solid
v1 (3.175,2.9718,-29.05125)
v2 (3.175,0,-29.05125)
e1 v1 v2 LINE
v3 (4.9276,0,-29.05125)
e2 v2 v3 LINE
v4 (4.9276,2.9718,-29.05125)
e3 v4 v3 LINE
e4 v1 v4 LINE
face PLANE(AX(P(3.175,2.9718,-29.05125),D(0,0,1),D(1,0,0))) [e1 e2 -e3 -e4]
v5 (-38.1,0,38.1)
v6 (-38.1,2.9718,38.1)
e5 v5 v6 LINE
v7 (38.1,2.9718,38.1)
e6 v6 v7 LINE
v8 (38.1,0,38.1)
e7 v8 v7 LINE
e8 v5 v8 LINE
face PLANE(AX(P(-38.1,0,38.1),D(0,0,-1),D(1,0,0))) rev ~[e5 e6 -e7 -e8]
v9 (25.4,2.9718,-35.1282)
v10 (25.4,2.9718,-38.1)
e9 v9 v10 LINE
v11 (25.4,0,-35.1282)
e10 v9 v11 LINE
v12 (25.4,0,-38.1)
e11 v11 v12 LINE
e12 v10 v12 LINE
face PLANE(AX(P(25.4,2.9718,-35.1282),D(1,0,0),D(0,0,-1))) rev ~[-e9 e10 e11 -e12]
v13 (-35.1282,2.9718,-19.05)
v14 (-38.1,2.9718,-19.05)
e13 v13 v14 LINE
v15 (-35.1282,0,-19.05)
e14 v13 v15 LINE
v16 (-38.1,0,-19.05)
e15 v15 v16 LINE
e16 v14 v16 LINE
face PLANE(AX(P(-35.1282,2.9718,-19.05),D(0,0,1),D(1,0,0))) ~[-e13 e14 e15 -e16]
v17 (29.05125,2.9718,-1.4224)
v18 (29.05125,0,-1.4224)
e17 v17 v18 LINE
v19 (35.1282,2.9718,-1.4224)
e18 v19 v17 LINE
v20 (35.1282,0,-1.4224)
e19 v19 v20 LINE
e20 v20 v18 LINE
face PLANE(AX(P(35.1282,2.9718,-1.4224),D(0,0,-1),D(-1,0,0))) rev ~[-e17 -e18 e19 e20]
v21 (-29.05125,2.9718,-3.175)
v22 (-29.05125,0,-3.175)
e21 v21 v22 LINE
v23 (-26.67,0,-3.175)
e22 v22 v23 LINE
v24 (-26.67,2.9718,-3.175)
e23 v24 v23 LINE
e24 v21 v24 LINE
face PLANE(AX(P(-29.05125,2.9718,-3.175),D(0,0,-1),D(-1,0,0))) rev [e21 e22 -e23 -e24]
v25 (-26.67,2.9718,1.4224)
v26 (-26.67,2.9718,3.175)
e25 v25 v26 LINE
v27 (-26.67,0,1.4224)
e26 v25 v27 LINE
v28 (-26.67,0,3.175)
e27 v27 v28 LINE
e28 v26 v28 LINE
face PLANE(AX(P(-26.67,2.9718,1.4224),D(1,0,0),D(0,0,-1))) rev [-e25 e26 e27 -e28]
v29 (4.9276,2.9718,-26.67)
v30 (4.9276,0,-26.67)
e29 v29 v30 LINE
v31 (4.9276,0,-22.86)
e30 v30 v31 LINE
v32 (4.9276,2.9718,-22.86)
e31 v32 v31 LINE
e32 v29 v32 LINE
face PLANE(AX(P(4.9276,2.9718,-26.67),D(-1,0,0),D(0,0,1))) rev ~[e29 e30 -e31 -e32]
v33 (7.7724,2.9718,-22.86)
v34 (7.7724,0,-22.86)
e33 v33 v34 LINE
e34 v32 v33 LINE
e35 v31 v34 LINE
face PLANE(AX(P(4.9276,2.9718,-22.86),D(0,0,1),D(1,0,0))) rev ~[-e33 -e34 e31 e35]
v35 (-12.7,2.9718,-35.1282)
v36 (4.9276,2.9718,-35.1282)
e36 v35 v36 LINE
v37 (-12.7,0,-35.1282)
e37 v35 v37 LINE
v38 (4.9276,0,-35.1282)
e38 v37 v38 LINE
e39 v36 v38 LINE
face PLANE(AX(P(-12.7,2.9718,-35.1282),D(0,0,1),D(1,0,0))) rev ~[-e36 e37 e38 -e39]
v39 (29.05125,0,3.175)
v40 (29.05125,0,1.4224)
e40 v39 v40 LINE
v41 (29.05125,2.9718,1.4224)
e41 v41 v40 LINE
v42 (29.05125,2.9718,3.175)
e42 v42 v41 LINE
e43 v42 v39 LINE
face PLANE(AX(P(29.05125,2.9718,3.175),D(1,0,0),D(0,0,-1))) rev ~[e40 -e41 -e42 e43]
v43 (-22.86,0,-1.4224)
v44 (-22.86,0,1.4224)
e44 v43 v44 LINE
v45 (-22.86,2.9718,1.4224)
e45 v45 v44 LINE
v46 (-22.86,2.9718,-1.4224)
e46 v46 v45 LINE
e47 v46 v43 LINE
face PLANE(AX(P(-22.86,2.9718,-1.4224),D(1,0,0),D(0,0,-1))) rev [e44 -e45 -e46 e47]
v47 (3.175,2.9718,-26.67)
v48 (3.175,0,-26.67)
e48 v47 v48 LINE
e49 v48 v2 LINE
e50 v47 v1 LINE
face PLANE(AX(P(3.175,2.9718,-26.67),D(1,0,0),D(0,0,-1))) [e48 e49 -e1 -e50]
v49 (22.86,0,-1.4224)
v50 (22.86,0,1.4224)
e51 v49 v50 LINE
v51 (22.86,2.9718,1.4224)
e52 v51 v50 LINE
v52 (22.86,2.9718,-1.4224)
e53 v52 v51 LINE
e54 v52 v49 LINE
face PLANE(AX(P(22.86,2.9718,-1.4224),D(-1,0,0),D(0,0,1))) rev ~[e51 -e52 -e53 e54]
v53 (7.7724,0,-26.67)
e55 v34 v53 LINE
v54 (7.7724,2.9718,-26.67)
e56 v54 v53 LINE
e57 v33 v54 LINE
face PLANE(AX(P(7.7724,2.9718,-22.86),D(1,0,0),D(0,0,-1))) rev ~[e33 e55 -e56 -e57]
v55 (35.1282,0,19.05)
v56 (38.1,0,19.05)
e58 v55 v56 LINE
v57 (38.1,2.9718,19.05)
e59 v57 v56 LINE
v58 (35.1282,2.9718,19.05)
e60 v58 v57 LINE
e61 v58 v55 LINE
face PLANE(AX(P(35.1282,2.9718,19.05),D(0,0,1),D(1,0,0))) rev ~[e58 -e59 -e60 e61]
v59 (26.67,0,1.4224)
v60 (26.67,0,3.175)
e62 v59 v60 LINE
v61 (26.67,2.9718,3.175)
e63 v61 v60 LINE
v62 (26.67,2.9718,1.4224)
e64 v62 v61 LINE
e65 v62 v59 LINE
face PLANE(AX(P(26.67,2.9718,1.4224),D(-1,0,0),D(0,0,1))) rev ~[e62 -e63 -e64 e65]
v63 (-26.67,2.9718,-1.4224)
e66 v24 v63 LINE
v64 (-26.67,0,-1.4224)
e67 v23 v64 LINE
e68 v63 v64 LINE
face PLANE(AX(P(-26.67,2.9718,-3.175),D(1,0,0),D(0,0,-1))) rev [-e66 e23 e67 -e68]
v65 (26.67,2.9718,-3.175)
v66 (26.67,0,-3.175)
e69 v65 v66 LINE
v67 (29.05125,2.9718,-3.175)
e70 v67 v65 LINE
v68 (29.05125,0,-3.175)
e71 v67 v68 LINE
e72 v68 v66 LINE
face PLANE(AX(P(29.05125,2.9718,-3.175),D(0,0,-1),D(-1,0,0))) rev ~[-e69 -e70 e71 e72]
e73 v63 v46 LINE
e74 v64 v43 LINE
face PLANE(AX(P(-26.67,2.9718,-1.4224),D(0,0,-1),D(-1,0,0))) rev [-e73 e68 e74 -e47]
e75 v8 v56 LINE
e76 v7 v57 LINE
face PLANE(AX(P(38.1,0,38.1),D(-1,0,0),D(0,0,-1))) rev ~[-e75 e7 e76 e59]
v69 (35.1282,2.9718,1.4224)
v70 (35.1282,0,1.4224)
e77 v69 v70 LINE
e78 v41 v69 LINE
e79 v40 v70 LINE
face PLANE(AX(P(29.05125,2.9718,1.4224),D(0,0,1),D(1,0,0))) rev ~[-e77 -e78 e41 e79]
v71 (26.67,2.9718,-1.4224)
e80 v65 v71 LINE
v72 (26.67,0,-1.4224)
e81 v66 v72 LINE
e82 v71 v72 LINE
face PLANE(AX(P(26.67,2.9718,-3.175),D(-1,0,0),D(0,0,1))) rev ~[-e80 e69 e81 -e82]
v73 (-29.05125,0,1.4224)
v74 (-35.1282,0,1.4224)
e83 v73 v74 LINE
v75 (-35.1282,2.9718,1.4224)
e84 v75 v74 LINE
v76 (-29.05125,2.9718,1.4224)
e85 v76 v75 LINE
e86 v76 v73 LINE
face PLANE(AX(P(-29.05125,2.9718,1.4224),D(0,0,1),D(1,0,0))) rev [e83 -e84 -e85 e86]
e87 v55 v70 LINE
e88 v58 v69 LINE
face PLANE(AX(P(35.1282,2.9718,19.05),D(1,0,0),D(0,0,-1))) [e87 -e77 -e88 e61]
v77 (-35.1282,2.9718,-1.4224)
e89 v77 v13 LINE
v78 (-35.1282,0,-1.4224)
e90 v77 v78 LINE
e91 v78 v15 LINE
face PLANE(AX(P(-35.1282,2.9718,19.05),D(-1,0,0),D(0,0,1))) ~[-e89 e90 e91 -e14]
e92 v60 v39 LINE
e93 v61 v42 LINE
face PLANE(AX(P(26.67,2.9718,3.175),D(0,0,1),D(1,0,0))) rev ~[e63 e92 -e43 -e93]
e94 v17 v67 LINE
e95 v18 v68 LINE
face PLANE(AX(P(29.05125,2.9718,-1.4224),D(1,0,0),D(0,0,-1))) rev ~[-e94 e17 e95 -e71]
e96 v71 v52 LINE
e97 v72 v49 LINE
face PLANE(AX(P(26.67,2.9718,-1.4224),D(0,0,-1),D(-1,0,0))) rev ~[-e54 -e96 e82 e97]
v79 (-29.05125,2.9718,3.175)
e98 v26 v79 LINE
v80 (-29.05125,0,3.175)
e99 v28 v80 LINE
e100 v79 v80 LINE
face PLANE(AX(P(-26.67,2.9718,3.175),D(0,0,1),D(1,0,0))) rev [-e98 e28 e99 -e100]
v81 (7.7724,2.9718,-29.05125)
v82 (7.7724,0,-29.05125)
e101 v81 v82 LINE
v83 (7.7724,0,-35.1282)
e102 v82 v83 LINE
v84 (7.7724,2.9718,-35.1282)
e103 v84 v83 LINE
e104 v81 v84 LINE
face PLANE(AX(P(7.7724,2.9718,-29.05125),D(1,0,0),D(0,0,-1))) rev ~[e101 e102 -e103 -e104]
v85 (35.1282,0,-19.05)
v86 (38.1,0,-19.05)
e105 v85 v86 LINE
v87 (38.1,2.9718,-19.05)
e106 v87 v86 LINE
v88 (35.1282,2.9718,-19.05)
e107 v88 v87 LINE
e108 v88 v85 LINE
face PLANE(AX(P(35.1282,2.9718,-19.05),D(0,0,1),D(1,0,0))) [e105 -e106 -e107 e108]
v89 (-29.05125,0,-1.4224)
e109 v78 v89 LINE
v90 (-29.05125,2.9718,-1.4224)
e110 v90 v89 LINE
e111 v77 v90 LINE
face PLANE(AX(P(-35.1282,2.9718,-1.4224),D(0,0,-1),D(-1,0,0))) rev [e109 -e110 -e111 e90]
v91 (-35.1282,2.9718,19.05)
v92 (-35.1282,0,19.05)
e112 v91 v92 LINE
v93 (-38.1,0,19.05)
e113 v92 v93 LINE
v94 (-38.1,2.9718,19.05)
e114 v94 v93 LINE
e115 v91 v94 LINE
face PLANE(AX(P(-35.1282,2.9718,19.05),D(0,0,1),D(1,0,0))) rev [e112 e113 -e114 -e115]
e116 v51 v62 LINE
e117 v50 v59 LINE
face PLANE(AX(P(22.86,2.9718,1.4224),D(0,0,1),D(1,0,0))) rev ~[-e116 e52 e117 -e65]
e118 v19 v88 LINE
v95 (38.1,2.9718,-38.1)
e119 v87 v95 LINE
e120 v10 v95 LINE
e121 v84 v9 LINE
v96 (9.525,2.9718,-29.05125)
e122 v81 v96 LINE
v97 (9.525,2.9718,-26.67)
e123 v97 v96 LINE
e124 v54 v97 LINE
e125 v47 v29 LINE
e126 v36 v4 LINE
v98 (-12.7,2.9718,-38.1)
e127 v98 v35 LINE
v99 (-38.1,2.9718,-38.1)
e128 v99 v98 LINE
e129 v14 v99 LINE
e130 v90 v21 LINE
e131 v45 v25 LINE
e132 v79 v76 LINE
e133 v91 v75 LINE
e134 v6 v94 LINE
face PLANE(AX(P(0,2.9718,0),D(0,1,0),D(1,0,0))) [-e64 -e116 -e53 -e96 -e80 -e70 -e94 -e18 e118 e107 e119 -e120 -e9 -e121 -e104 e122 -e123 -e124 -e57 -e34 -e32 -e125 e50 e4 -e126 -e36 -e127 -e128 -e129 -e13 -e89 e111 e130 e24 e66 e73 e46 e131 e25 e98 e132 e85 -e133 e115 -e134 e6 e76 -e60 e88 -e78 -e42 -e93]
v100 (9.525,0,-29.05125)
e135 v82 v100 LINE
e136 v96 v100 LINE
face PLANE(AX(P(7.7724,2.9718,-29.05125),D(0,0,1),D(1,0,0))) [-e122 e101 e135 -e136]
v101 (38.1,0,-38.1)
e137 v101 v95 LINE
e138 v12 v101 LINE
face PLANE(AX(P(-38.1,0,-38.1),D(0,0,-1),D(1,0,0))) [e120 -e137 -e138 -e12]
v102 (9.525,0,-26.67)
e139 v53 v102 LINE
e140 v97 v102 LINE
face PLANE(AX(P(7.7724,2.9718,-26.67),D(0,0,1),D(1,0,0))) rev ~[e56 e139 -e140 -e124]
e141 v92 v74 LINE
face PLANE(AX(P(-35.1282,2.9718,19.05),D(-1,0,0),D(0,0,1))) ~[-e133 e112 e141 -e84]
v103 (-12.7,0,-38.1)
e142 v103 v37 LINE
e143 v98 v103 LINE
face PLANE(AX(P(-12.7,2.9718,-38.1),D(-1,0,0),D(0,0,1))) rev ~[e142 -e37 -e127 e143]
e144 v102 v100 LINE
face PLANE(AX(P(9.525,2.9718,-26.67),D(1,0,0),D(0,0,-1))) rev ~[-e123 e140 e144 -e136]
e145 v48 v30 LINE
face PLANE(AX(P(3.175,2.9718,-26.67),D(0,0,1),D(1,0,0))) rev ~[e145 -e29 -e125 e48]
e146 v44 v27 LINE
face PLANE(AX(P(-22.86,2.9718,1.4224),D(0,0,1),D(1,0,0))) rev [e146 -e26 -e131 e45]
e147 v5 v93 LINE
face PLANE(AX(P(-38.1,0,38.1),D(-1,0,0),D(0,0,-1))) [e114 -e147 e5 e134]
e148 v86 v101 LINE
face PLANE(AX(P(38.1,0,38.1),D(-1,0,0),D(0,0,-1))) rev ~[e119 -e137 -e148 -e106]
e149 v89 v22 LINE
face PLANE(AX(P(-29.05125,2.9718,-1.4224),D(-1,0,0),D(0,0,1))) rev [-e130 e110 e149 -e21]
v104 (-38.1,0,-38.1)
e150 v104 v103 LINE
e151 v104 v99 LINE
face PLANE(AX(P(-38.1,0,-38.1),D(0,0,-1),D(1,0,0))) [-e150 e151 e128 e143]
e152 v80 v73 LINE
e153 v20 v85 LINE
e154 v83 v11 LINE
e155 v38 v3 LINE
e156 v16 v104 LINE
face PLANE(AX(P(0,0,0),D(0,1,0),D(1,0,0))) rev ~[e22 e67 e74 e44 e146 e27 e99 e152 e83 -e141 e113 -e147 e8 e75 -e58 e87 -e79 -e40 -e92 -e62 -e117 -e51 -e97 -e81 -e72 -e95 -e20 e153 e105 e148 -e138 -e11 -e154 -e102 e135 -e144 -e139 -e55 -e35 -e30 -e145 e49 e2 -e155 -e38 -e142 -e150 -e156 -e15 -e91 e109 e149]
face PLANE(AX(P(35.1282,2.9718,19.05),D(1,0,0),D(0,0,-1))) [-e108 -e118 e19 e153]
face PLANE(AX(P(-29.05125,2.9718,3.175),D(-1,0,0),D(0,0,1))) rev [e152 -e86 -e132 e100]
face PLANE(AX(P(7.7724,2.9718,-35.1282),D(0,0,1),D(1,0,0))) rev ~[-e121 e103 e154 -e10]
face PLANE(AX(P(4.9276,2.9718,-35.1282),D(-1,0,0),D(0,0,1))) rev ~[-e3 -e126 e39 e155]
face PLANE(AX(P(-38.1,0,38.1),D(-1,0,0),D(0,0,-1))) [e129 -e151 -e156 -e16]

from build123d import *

# Parameters (mm, degrees)
SKETCH1_W           = 76.2
SKETCH1_H           = 76.2
BOSS_EXTRUDE1_DEPTH = 2.9718
SKETCH2_W           = 2.9718
SKETCH2_H           = 38.1
CUT_EXTRUDE1_DEPTH  = 54.963428313
CUT_EXTRUDE7_DEPTH  = 54.963428313
SKETCH8_W           = 1.7526
SKETCH8_H           = 2.38125
CUT_EXTRUDE8_DEPTH  = 54.963428313


with BuildPart() as part:
    # Sketch1 → Boss-Extrude1 (new body)
    with BuildSketch(Plane(origin=(0, 0, 0), x_dir=(1, 0, 0), z_dir=(0, 1, 0))):
        Rectangle(SKETCH1_W, SKETCH1_H)
    extrude(amount=BOSS_EXTRUDE1_DEPTH)

    # Sketch2 → Cut-Extrude1 (cut, through all)
    with BuildSketch(Plane(origin=(0, 2.9718, 0), x_dir=(1, 0, 0), z_dir=(0, 1, 0))):
        with Locations((36.6141, 0)):
            Rectangle(SKETCH2_W, SKETCH2_H)
    cut_extrude1 = extrude(amount=-CUT_EXTRUDE1_DEPTH, mode=Mode.SUBTRACT)

    # Sketch7 → Cut-Extrude7 (cut, through all)
    with BuildSketch(Plane(origin=(0, 2.9718, 0), x_dir=(1, 0, 0), z_dir=(0, 1, 0))):
        Polygon((35.1282, 1.4224), (29.05125, 1.4224), (29.05125, 3.175), (26.67, 3.175), (26.67, 1.4224), (22.86, 1.4224), (22.86, -1.4224), (26.67, -1.4224), (26.67, -3.175), (29.05125, -3.175), (29.05125, -1.4224), (35.1282, -1.4224), align=None)
    cut_extrude7 = extrude(amount=-CUT_EXTRUDE7_DEPTH, mode=Mode.SUBTRACT)

    # Sketch8 → Cut-Extrude8 (cut, through all)
    with BuildSketch(Plane(origin=(0, 2.9718, 0), x_dir=(1, 0, 0), z_dir=(0, 1, 0))):
        Polygon((25.4, 38.1), (-12.7, 38.1), (-12.7, 35.1282), (4.9276, 35.1282), (7.7724, 35.1282), (25.4, 35.1282), align=None)
        Polygon((7.7724, 35.1282), (4.9276, 35.1282), (4.9276, 29.05125), (4.9276, 26.67), (4.9276, 22.86), (7.7724, 22.86), (7.7724, 26.67), (7.7724, 29.05125), align=None)
        with Locations((8.6487, 27.860625)):
            Rectangle(SKETCH8_W, SKETCH8_H)
        with Locations((4.0513, 27.860625)):
            Rectangle(SKETCH8_W, SKETCH8_H)
    extrude(amount=-CUT_EXTRUDE8_DEPTH, mode=Mode.SUBTRACT)

    # Mirror1: Cut-Extrude1, Cut-Extrude7 across plane
    add(cut_extrude1.mirror(Plane(origin=(0, 0, 0), x_dir=(0, 0, 1), z_dir=(1, 0, 0))), mode=Mode.SUBTRACT)
    add(cut_extrude7.mirror(Plane(origin=(0, 0, 0), x_dir=(0, 0, 1), z_dir=(1, 0, 0))), mode=Mode.SUBTRACT)


solid = part.part
